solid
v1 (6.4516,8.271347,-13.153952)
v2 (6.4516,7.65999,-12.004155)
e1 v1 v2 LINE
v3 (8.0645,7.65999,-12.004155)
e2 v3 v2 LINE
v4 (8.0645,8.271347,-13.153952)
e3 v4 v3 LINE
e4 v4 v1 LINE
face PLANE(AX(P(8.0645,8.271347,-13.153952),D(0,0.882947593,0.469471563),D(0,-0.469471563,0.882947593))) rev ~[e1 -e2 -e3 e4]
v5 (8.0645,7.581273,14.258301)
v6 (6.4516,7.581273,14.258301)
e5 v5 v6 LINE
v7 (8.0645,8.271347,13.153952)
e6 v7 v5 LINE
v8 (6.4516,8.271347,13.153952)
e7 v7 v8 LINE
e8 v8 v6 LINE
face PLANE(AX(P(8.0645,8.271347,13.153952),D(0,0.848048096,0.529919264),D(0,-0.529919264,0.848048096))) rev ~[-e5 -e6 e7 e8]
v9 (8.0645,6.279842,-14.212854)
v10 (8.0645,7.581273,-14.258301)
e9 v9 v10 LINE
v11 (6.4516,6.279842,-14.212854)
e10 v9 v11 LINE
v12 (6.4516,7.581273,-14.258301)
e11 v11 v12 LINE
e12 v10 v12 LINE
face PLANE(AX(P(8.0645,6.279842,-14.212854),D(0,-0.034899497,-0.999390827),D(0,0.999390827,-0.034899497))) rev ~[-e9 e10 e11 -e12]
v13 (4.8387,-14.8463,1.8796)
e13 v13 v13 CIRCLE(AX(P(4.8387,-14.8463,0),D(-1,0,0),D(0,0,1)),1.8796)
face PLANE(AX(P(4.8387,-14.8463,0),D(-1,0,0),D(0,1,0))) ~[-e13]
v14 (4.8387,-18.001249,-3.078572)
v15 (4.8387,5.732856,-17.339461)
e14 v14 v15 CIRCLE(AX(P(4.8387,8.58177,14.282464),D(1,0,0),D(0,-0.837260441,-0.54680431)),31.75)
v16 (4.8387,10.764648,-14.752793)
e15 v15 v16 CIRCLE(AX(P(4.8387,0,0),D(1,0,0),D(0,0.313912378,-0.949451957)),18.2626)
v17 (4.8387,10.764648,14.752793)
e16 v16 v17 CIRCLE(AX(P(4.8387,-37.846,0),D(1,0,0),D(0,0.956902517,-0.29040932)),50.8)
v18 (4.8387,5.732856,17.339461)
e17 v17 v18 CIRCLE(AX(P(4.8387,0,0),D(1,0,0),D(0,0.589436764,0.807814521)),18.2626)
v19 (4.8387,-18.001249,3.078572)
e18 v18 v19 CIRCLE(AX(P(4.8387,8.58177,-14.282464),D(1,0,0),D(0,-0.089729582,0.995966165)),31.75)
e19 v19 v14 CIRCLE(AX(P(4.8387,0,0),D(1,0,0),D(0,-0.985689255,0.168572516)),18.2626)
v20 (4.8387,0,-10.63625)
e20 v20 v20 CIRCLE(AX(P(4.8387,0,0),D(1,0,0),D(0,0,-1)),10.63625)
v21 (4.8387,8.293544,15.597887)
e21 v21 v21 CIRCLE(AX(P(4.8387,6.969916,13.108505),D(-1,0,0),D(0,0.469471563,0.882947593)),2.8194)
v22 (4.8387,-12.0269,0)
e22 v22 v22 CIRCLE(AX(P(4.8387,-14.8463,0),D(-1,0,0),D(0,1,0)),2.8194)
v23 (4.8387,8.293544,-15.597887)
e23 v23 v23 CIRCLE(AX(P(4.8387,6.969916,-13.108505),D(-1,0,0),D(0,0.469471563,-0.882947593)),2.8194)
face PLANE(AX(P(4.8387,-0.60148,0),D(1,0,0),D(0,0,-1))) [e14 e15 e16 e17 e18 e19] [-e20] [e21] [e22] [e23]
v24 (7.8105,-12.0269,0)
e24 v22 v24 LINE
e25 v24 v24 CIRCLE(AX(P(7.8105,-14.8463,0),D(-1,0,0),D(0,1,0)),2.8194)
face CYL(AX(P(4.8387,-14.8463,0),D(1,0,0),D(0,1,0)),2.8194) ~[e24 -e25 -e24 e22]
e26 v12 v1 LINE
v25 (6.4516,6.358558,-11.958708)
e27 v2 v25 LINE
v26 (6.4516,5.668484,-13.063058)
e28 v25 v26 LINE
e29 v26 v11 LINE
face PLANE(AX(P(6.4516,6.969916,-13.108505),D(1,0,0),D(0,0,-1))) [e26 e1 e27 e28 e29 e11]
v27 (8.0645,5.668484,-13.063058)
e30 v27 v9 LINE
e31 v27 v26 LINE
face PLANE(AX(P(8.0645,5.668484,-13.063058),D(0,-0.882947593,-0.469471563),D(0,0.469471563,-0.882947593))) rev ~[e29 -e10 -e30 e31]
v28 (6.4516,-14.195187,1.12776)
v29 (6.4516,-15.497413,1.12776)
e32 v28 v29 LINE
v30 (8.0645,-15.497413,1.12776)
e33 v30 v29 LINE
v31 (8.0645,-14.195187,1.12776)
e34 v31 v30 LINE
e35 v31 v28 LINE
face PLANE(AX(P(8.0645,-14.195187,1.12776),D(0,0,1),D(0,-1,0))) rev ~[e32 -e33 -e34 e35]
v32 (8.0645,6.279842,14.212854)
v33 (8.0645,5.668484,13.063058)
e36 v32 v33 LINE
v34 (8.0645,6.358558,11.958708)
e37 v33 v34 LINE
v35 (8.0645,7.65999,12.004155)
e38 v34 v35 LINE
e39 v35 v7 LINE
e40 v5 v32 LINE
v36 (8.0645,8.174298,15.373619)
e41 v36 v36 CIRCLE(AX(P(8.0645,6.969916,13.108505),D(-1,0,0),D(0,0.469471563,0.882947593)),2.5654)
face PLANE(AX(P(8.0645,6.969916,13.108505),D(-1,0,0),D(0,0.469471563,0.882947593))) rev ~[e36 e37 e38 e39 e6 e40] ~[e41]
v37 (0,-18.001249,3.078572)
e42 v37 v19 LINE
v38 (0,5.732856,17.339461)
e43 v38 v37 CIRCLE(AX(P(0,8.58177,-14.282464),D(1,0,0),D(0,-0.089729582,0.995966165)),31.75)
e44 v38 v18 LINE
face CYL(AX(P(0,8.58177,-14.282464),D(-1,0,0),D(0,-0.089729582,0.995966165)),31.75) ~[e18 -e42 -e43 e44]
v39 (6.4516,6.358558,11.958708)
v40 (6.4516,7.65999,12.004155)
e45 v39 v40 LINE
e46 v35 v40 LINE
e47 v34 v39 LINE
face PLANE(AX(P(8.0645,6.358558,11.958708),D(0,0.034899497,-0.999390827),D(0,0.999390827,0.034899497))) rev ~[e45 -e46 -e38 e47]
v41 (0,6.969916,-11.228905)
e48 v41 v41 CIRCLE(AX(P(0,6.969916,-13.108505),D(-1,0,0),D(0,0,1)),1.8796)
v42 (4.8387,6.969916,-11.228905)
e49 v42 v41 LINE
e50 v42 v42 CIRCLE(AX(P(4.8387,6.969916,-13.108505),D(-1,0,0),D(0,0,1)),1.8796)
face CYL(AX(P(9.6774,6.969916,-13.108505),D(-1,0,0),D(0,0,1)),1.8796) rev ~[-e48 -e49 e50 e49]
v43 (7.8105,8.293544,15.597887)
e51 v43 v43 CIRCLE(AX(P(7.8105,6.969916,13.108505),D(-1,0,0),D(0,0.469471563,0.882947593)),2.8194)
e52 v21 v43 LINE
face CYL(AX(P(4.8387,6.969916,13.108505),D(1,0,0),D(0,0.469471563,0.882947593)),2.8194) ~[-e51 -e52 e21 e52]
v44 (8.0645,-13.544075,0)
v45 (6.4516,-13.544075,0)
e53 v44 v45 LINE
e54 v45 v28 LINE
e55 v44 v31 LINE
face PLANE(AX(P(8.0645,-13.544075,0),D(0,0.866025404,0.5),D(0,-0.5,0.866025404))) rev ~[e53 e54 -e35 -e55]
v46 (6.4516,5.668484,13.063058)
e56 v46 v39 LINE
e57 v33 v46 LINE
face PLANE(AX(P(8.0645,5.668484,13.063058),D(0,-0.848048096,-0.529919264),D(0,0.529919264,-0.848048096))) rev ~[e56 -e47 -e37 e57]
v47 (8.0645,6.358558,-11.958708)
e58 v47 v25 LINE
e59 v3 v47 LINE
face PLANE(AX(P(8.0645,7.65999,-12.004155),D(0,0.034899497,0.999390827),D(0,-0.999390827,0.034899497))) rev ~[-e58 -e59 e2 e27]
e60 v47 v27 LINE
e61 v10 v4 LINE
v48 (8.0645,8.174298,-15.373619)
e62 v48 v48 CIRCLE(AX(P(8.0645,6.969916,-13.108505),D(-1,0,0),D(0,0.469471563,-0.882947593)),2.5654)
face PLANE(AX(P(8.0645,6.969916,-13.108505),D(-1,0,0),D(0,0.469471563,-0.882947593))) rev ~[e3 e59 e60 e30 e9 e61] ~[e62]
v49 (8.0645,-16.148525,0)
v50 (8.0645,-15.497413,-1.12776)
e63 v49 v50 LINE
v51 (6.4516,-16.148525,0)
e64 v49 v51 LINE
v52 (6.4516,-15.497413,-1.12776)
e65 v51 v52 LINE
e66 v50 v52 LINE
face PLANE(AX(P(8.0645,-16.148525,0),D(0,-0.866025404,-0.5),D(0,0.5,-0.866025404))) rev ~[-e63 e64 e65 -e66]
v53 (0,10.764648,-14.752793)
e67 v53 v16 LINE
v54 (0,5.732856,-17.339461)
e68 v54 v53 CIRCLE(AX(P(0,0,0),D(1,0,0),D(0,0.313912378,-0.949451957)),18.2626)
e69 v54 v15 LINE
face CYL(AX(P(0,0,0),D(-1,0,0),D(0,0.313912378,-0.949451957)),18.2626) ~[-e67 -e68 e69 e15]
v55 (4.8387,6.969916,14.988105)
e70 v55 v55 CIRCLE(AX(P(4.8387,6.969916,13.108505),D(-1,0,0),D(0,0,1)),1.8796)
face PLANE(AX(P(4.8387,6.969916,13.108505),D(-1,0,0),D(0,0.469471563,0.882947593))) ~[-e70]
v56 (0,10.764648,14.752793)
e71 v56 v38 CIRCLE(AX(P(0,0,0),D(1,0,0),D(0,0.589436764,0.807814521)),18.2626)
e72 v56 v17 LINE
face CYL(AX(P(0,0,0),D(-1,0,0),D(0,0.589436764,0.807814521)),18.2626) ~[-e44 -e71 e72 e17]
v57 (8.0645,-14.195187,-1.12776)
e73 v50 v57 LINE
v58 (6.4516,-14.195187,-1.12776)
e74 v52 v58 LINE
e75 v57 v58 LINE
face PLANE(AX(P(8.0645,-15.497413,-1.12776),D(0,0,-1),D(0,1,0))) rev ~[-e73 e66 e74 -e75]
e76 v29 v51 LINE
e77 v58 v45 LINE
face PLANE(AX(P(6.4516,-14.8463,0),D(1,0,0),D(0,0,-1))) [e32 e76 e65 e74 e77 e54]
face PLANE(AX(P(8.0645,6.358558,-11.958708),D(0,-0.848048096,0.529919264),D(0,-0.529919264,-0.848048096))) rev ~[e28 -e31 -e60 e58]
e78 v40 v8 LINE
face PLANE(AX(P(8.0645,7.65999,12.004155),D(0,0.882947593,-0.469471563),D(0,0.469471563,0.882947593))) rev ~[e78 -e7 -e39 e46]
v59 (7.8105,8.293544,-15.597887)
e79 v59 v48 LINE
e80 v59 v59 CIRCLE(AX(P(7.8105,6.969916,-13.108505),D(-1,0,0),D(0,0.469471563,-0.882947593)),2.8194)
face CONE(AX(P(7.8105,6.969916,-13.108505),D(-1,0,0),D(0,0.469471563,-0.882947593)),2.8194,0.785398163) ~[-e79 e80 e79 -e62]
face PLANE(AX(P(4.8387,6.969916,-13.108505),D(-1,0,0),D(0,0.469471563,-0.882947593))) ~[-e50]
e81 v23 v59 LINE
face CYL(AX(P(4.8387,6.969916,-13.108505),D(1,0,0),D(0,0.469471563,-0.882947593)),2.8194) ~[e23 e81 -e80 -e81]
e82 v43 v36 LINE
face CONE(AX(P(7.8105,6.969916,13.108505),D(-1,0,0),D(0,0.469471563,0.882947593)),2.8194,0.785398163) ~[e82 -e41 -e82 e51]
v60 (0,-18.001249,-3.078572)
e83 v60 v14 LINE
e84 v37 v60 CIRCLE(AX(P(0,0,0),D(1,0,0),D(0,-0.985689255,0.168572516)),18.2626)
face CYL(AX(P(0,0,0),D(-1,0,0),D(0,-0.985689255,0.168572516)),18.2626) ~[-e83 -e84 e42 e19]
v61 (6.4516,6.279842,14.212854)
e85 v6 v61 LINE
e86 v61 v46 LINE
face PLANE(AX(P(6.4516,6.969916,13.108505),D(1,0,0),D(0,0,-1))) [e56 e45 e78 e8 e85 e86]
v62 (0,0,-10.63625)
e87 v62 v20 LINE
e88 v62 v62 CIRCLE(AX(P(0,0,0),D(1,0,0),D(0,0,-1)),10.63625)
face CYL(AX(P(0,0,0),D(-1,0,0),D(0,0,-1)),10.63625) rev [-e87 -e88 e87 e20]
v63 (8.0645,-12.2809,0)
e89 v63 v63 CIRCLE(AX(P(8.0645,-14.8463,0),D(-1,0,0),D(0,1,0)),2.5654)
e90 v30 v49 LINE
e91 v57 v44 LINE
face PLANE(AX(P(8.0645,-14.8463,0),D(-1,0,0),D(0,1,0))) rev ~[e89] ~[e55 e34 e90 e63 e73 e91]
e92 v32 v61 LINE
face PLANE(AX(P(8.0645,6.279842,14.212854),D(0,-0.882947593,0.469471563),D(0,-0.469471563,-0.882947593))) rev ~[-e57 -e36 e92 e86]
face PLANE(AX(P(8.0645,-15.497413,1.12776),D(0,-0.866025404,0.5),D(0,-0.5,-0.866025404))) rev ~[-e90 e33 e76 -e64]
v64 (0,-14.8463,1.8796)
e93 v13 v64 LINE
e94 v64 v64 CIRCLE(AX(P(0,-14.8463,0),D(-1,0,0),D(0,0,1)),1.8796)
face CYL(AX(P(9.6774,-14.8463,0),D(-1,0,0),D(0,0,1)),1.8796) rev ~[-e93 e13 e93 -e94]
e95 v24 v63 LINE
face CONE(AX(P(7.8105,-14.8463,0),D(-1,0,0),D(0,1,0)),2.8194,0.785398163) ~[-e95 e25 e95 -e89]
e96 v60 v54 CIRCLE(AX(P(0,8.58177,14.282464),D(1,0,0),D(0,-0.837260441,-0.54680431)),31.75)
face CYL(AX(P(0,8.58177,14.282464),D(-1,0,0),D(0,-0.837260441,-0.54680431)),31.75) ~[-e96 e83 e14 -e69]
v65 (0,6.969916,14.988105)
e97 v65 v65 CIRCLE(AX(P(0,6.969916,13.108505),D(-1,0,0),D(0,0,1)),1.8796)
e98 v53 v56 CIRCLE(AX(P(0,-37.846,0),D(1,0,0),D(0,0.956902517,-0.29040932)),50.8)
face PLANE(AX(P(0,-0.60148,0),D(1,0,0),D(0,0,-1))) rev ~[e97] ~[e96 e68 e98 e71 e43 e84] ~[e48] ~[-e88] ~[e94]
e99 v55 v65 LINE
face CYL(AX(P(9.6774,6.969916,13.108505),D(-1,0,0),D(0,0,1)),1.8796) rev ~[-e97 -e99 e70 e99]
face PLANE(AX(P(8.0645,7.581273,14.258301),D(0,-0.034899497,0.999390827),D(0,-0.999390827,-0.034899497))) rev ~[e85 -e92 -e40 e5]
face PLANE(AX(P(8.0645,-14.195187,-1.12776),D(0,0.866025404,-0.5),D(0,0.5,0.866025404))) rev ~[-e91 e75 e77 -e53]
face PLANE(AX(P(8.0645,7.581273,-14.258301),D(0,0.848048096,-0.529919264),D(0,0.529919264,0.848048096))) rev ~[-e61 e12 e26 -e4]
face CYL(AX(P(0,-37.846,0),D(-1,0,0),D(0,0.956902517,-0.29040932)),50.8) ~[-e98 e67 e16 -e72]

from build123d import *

# Parameters (mm, degrees)
SKETCH1_R           = 10.63625
BOSS_EXTRUDE1_DEPTH = 4.8387
HOLE1_D             = 3.7592
HOLE2_D             = 3.7592
HOLE3_D             = 3.7592
CUT_EXTRUDE1_DEPTH  = 1.6129
CUT_EXTRUDE2_DEPTH  = 1.6129
CUT_EXTRUDE3_DEPTH  = 1.6129


with BuildPart() as part:
    # Sketch1 → Boss-Extrude1 (new body)
    with BuildSketch(Plane(origin=(0, 0, 0), x_dir=(0, 0, -1), z_dir=(1, 0, 0))):
        with BuildLine():
            ThreePointArc((-17.339461313, 5.732856195), (-12.932597366, -7.770688459), (-3.078572423, -18.001248584))
            ThreePointArc((-3.078572423, -18.001248584), (0, -18.2626), (3.078572423, -18.001248584))
            ThreePointArc((3.078572423, -18.001248584), (12.932597366, -7.770688459), (17.339461313, 5.732856195))
            ThreePointArc((17.339461313, 5.732856195), (16.242165379, 8.349528284), (14.752793477, 10.764647852))
            ThreePointArc((14.752793477, 10.764647852), (0, 12.954), (-14.752793477, 10.764647852))
            ThreePointArc((-14.752793477, 10.764647852), (-16.242165379, 8.349528284), (-17.339461313, 5.732856195))
        make_face()
        Circle(SKETCH1_R, mode=Mode.SUBTRACT)
    extrude(amount=BOSS_EXTRUDE1_DEPTH)

    # Hole1 (through all)
    with Locations(Plane(origin=(4.8387, 0, 0), x_dir=(0, 0, -1), z_dir=(1, 0, 0))):
        with Locations((-13.108504848, 6.969915663)):
            Hole(HOLE1_D / 2)

    # Sketch4 → Revolve1 (revolve)
    with BuildSketch(Plane(origin=(0, 0, 0), x_dir=(-1, 0, 0), z_dir=(0, -0.882947592858928, 0.469471562785889))):
        Polygon((-4.8387, -14.8463), (-4.8387, -17.6657), (-7.8105, -17.6657), (-8.0645, -17.4117), (-8.0645, -14.8463), align=None)
    revolve(axis=Axis((8.0645, 6.969915663, 13.108504848), (-1, 0, 0)))

    # Hole2 (through all)
    with Locations(Plane(origin=(4.8387, 0, 0), x_dir=(0, 0, -1), z_dir=(1, 0, 0))):
        with Locations((13.108504848, 6.969915663)):
            Hole(HOLE2_D / 2)

    # Sketch7 → Revolve2 (revolve)
    with BuildSketch(Plane(origin=(0, 0, 0), x_dir=(1, 0, 0), z_dir=(0, 0.882947592858928, 0.469471562785889))):
        Polygon((4.8387, 14.8463), (4.8387, 17.6657), (7.8105, 17.6657), (8.0645, 17.4117), (8.0645, 14.8463), align=None)
    revolve(axis=Axis((8.0645, 6.969915663, -13.108504848), (-1, 0, 0)))

    # Hole3 (through all)
    with Locations(Plane(origin=(4.8387, 0, 0), x_dir=(0, 0, -1), z_dir=(1, 0, 0))):
        with Locations((0, -14.8463)):
            Hole(HOLE3_D / 2)

    # Sketch10 → Revolve3 (revolve)
    with BuildSketch(Plane.XY):
        Polygon((4.8387, -14.8463), (4.8387, -12.0269), (7.8105, -12.0269), (8.0645, -12.2809), (8.0645, -14.8463), align=None)
    revolve(axis=Axis((8.0645, -14.8463, 0), (-1, 0, 0)))

    # Sketch11 → Cut-Extrude1 (cut)
    with BuildSketch(Plane(origin=(8.0645, 0, 0), x_dir=(0, 0, -1), z_dir=(1, 0, 0))):
        Polygon((-1.12776, -14.19518746), (-1.12776, -15.49741254), (0, -16.148525079), (1.12776, -15.49741254), (1.12776, -14.19518746), (0, -13.544074921), align=None)
    extrude(amount=-CUT_EXTRUDE1_DEPTH, mode=Mode.SUBTRACT)

    # Sketch12 → Cut-Extrude2 (cut)
    with BuildSketch(Plane(origin=(8.0645, 0, 0), x_dir=(0, 0, -1), z_dir=(1, 0, 0))):
        Polygon((11.958708349, 6.35855802), (13.063057848, 5.668483864), (14.212854347, 6.279841507), (14.258301347, 7.581273306), (13.153951848, 8.271347461), (12.004155349, 7.659989818), align=None)
    extrude(amount=-CUT_EXTRUDE2_DEPTH, mode=Mode.SUBTRACT)

    # Sketch13 → Cut-Extrude3 (cut)
    with BuildSketch(Plane(origin=(8.0645, 0, 0), x_dir=(0, 0, -1), z_dir=(1, 0, 0))):
        Polygon((-14.258301347, 7.581273306), (-14.212854347, 6.279841507), (-13.063057848, 5.668483864), (-11.958708349, 6.35855802), (-12.004155349, 7.659989818), (-13.153951848, 8.271347461), align=None)
    extrude(amount=-CUT_EXTRUDE3_DEPTH, mode=Mode.SUBTRACT)


solid = part.part
